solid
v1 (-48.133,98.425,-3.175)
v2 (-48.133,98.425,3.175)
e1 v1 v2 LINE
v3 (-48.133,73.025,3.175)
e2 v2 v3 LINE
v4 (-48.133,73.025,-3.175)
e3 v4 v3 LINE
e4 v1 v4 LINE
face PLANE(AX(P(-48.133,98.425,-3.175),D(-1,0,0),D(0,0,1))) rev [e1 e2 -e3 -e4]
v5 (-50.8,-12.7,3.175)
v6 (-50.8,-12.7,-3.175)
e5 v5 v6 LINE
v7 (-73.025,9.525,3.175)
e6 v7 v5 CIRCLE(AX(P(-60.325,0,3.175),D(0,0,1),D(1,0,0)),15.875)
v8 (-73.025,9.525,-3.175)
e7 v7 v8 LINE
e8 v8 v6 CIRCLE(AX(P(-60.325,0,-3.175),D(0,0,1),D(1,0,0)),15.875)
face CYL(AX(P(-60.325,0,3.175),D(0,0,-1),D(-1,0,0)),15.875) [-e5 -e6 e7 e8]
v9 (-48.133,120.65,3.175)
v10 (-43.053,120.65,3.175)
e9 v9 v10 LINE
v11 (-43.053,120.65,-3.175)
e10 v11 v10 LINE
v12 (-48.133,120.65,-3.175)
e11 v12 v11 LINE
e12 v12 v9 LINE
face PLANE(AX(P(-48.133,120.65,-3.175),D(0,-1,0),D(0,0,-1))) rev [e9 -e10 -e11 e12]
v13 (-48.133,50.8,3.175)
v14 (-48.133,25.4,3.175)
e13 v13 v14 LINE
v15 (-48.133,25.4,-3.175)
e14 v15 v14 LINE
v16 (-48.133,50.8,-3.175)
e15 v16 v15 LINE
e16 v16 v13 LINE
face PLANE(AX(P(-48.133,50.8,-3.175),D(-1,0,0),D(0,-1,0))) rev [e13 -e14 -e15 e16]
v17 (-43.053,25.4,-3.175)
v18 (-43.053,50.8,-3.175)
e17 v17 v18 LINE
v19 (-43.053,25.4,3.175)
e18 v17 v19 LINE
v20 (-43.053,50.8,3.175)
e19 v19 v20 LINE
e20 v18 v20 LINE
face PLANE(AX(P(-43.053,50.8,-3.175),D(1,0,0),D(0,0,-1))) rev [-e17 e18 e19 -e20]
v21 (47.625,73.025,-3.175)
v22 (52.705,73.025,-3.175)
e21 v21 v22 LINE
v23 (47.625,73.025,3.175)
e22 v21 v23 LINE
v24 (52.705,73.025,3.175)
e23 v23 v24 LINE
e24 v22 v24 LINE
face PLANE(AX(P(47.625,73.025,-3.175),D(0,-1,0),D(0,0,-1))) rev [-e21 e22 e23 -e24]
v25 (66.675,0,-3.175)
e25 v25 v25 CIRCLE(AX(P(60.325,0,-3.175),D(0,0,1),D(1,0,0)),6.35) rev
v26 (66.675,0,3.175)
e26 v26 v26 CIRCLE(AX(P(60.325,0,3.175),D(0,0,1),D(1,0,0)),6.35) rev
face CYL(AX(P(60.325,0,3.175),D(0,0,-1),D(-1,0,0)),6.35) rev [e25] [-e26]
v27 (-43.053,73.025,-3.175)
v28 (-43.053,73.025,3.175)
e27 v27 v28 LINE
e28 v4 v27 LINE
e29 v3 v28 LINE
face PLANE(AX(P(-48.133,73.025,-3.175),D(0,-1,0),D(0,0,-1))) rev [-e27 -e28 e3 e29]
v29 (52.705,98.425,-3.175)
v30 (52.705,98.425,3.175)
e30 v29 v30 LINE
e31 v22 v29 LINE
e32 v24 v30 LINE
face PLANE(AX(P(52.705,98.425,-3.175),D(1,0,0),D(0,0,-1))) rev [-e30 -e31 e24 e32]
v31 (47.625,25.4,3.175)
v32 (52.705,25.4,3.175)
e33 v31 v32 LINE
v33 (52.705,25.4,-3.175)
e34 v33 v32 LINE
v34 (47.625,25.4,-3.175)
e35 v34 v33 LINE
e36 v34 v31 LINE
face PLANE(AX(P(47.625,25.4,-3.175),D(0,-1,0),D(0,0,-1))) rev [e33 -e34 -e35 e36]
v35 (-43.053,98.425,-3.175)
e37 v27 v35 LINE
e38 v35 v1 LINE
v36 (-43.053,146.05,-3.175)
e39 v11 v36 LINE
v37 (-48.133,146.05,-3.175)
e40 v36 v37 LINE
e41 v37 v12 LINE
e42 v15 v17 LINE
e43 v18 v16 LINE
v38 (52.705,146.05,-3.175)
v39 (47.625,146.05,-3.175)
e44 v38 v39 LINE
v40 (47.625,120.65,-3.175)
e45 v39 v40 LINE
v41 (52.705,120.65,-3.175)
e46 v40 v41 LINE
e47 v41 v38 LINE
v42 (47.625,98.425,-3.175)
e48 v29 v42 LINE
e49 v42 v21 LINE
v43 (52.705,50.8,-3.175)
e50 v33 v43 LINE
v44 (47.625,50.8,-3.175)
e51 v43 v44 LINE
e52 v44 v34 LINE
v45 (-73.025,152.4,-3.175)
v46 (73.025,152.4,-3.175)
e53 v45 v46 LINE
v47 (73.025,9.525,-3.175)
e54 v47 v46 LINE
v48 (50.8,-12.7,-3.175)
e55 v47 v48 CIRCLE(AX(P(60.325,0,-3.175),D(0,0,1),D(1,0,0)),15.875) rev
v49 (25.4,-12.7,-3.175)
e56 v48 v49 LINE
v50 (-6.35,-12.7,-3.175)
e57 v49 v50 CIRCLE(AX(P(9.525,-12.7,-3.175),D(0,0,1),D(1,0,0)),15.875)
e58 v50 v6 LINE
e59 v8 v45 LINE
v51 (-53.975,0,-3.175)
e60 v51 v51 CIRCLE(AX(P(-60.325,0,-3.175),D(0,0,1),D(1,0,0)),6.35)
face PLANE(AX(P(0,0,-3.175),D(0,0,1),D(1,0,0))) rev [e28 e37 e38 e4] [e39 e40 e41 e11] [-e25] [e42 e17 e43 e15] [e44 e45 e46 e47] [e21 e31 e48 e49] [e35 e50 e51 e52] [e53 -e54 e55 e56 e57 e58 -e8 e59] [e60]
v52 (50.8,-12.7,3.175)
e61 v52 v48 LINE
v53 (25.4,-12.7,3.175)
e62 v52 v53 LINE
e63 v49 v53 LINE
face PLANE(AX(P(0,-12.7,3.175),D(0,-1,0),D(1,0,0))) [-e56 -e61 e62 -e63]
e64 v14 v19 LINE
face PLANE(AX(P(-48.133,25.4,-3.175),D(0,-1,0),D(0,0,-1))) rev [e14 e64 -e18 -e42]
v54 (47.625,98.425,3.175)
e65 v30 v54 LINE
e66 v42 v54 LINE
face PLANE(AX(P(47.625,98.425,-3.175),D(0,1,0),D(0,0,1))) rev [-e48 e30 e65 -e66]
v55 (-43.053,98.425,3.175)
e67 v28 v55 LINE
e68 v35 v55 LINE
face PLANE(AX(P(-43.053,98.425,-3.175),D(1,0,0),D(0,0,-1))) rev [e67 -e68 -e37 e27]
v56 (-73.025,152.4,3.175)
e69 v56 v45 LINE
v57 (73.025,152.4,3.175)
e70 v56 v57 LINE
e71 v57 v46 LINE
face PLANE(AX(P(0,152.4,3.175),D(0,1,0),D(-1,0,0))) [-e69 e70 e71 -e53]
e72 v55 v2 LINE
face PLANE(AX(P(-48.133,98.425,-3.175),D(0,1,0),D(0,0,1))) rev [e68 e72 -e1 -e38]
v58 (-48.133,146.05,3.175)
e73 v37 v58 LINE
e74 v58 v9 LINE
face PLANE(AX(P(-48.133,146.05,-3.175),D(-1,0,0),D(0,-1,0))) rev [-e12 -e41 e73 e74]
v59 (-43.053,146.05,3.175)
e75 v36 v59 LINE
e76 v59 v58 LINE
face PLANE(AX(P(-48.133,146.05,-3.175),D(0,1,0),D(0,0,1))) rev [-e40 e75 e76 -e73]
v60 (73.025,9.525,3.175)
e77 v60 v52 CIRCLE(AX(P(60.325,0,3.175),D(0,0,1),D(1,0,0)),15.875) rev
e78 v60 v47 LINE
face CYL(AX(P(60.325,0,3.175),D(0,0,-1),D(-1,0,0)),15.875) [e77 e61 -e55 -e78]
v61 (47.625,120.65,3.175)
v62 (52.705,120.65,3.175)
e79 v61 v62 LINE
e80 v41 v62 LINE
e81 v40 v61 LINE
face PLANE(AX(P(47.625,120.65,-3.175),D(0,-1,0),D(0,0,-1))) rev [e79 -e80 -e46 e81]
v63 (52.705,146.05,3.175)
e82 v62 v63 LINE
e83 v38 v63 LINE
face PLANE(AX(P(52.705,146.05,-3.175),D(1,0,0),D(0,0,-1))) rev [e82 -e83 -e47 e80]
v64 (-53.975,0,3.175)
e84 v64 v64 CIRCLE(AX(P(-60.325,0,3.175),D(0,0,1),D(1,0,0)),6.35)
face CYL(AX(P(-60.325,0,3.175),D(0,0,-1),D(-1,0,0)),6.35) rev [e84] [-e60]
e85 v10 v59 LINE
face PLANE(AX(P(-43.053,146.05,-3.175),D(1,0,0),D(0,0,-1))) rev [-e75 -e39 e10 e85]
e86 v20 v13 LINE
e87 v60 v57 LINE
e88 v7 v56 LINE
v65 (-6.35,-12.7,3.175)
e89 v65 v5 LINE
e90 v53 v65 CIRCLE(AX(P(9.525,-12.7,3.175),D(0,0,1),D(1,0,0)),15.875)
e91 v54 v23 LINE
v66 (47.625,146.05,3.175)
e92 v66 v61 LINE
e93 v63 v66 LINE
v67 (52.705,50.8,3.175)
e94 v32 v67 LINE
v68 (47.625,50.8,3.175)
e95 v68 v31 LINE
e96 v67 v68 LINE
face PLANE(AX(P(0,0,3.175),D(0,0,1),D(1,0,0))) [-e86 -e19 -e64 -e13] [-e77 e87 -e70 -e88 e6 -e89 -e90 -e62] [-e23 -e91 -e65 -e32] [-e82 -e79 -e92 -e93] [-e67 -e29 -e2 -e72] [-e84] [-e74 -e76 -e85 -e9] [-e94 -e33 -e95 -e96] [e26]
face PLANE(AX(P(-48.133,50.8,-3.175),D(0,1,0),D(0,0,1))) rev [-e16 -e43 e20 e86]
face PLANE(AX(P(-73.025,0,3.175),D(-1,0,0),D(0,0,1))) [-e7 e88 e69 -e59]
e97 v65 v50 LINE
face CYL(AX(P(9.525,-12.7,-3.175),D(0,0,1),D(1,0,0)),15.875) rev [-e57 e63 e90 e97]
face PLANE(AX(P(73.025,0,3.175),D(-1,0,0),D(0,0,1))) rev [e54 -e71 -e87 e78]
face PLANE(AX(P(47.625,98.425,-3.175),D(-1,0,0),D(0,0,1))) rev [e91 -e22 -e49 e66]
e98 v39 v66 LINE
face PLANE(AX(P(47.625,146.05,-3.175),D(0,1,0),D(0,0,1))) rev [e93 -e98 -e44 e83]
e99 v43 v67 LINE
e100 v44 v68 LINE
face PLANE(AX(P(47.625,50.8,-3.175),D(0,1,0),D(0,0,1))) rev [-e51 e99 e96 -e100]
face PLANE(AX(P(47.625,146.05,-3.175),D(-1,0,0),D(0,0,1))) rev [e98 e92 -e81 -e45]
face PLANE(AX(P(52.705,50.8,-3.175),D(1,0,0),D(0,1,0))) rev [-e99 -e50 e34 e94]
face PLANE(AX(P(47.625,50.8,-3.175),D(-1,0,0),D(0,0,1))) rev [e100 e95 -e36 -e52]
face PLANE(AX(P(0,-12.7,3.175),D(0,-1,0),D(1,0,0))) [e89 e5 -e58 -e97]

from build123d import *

# Parameters (mm, degrees)
SKETCH1_R           = 6.35
BOSS_EXTRUDE1_DEPTH = 3.175
SKETCH2_W           = 5.08
SKETCH2_H           = 25.4
CUT_EXTRUDE1_DEPTH  = 7.35
SKETCH3_R           = 15.875
CUT_EXTRUDE2_DEPTH  = 7.35


with BuildPart() as part:
    # Sketch1 → Boss-Extrude1 (new body, symmetric)
    with BuildSketch(Plane.XY):
        with BuildLine():
            Line((-0.002676144, -12.7), (0.002676144, -12.7))
            Line((0.002676144, -12.7), (50.8, -12.7))
            ThreePointArc((50.8, -12.7), (71.550320151, -11.225320151), (73.025, 9.525))
            Line((73.025, 9.525), (73.025, 152.4))
            Line((73.025, 152.4), (-73.025, 152.4))
            Line((-73.025, 152.4), (-73.025, 9.525))
            ThreePointArc((-73.025, 9.525), (-71.550320151, -11.225320151), (-50.8, -12.7))
            Line((-50.8, -12.7), (-0.002676144, -12.7))
        make_face()
        with Locations((-60.325, 0)):
            Circle(SKETCH1_R, mode=Mode.SUBTRACT)
        with Locations((60.325, 0)):
            Circle(SKETCH1_R, mode=Mode.SUBTRACT)
    extrude(amount=BOSS_EXTRUDE1_DEPTH, both=True)

    # Sketch2 → Cut-Extrude1 (cut, through all)
    with BuildSketch(Plane.XY.offset(3.175)):
        with Locations((-45.593, 133.35)):
            Rectangle(SKETCH2_W, SKETCH2_H)
        with Locations((-45.593, 85.725)):
            Rectangle(SKETCH2_W, SKETCH2_H)
        with Locations((-45.593, 38.1)):
            Rectangle(SKETCH2_W, SKETCH2_H)
        with Locations((50.165, 133.35)):
            Rectangle(SKETCH2_W, SKETCH2_H)
        with Locations((50.165, 38.1)):
            Rectangle(SKETCH2_W, SKETCH2_H)
        with Locations((50.165, 85.725)):
            Rectangle(SKETCH2_W, SKETCH2_H)
    extrude(amount=-CUT_EXTRUDE1_DEPTH, mode=Mode.SUBTRACT)

    # Sketch3 → Cut-Extrude2 (cut, through all)
    with BuildSketch(Plane.XY.offset(3.175)):
        with Locations((9.525, -12.7)):
            Circle(SKETCH3_R)
    extrude(amount=-CUT_EXTRUDE2_DEPTH, mode=Mode.SUBTRACT)


solid = part.part
